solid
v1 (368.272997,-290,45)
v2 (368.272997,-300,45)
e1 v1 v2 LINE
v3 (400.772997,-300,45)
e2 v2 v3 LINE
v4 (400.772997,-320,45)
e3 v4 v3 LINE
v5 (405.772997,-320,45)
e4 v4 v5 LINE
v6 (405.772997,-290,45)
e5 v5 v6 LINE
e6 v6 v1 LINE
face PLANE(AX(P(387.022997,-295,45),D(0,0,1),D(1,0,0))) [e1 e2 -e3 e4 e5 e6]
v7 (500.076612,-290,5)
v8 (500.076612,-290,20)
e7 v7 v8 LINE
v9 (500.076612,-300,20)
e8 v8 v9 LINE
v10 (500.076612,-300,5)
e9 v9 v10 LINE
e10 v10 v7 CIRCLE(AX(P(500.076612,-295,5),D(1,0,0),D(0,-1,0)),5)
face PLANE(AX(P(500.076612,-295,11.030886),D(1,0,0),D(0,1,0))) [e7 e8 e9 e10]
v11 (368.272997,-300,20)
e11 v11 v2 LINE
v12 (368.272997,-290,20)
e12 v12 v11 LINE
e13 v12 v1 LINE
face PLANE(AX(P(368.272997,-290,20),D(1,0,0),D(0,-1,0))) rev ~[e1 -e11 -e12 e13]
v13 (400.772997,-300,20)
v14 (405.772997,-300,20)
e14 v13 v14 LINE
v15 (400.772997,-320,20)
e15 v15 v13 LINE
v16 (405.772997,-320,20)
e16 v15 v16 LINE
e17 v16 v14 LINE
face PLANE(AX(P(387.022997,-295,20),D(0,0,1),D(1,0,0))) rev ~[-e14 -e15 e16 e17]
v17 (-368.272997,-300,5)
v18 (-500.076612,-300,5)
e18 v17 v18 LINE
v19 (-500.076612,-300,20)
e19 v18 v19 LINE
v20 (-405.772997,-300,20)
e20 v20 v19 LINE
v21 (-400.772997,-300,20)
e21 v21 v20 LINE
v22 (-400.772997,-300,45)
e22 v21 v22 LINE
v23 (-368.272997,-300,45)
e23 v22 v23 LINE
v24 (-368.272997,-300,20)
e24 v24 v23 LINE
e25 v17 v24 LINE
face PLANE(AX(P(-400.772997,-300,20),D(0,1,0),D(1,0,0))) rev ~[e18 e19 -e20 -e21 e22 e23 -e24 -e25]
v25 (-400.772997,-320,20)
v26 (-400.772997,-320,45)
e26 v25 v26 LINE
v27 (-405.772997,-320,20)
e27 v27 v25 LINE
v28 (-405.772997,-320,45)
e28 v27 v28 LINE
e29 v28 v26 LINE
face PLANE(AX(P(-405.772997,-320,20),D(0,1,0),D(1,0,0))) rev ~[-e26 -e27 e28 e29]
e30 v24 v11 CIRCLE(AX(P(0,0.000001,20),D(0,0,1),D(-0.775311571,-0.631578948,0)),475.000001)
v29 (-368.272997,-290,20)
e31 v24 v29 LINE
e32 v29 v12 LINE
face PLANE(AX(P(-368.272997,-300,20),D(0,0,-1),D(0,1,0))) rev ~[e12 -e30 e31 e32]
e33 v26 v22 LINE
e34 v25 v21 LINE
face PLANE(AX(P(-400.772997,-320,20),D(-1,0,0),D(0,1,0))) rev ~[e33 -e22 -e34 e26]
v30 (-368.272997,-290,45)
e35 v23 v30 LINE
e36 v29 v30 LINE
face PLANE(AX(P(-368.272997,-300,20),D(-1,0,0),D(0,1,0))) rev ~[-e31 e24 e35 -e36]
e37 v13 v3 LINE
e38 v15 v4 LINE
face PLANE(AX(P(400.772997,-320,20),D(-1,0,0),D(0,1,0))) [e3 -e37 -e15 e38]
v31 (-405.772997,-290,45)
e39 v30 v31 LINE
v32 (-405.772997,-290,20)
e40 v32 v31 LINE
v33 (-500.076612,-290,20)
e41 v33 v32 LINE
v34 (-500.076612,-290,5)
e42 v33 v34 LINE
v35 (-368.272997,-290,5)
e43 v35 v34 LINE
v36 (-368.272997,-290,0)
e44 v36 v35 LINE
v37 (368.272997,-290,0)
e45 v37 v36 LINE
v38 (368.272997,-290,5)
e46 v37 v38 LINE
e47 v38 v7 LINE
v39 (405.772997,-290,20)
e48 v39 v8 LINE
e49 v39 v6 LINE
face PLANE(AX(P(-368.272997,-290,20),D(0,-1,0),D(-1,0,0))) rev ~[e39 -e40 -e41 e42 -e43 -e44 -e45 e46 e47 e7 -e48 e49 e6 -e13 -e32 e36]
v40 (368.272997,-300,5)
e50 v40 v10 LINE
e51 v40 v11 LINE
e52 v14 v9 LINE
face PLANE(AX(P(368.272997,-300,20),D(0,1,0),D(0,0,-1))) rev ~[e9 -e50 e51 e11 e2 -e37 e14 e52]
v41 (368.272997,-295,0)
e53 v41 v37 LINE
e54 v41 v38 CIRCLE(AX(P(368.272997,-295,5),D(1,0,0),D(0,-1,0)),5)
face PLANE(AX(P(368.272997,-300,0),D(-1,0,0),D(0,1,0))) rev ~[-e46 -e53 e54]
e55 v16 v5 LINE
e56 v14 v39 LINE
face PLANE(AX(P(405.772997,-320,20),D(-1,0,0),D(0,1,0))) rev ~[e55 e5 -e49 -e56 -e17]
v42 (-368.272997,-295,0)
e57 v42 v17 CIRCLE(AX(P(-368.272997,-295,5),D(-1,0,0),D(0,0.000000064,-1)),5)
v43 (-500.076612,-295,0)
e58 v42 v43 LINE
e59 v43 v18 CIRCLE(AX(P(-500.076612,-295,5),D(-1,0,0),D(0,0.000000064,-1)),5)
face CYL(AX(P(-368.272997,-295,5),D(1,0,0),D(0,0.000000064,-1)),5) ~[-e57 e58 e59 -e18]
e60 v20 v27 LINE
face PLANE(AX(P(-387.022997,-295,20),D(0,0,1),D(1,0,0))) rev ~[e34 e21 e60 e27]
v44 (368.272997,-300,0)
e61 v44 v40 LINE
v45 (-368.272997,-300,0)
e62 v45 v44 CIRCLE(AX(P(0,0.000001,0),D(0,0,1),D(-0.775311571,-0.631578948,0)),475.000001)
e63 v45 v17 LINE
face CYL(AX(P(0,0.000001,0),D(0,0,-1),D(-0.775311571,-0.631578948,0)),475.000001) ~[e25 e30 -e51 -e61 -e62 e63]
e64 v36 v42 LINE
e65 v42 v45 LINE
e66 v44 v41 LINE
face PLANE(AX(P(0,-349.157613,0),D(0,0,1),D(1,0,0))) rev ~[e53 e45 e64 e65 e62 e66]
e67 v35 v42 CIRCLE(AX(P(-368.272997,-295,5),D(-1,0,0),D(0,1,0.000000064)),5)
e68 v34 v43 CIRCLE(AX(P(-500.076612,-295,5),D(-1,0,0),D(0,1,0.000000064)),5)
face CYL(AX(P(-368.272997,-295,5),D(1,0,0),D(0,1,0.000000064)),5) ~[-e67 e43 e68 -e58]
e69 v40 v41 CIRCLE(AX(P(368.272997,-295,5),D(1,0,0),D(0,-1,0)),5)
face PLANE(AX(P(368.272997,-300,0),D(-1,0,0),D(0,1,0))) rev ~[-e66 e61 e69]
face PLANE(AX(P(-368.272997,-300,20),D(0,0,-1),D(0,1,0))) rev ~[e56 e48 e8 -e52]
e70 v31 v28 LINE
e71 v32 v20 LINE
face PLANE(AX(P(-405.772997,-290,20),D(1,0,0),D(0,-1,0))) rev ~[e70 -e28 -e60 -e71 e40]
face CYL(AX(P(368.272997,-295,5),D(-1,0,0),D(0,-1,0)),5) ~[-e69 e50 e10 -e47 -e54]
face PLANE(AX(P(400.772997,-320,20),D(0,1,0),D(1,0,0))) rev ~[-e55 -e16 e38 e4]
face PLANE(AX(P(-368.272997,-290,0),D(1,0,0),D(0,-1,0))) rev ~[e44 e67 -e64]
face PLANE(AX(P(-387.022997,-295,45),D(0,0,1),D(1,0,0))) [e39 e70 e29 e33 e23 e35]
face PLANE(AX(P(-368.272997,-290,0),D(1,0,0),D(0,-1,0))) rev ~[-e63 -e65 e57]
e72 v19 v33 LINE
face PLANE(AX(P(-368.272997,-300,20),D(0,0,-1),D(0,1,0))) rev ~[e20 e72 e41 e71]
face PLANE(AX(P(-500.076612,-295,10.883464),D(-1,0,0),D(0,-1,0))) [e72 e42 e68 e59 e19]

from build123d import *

# Parameters (mm, degrees)
F1_DEPTH = 20
F3_DEPTH = 131.803615
F5_DEPTH = 131.803615
F6_W     = 5
F6_H     = 20
F7_DEPTH = 25


with BuildPart() as f1:
    # F0 (on Top) → F1 (new body)
    with BuildSketch(Plane.XY):
        with BuildLine():
            Line((-368.272997, -290), (-368.272997, -300))
            ThreePointArc((-368.272997, -300), (0, -475), (368.272997, -300))
            Line((368.272997, -300), (368.272997, -290))
            Line((368.272997, -290), (-368.272997, -290))
        make_face()
    extrude(amount=F1_DEPTH)

    # F2 (on face) → F3 (join)
    with BuildSketch(Plane.YZ.offset(368.272997)):
        with BuildLine():
            Line((-300, 20), (-300, 5))
            ThreePointArc((-300, 5), (-295, 0), (-290, 5))
            Line((-290, 5), (-290, 20))
            Line((-290, 20), (-300, 20))
        make_face()
    extrude(amount=F3_DEPTH)

    # F4 (on face) → F5 (join)
    with BuildSketch(Plane(origin=(-368.272997, 0, 0), x_dir=(0, -1, 0), z_dir=(-1, 0, 0))):
        with BuildLine():
            Line((290, 20), (290, 5))
            ThreePointArc((290, 5), (291.464466, 1.464466), (295, 0))
            ThreePointArc((295, 0), (298.535534, 1.464466), (300, 5))
            Line((300, 5), (300, 20))
            Line((300, 20), (290, 20))
        make_face()
    extrude(amount=F5_DEPTH)

    # F6 (on face) → F7 (join)
    with BuildSketch(Plane.XY.offset(20)):
        Polygon((-368.272997, -290), (-405.772997, -290), (-405.772997, -300), (-400.772997, -300), (-368.272997, -300), align=None)
        with Locations((-403.272997, -310)):
            Rectangle(F6_W, F6_H)
        Polygon((405.772997, -290), (368.272997, -290), (368.272997, -300), (400.772997, -300), (405.772997, -300), align=None)
        with Locations((403.272997, -310)):
            Rectangle(F6_W, F6_H)
    extrude(amount=F7_DEPTH)


solid = f1.part
